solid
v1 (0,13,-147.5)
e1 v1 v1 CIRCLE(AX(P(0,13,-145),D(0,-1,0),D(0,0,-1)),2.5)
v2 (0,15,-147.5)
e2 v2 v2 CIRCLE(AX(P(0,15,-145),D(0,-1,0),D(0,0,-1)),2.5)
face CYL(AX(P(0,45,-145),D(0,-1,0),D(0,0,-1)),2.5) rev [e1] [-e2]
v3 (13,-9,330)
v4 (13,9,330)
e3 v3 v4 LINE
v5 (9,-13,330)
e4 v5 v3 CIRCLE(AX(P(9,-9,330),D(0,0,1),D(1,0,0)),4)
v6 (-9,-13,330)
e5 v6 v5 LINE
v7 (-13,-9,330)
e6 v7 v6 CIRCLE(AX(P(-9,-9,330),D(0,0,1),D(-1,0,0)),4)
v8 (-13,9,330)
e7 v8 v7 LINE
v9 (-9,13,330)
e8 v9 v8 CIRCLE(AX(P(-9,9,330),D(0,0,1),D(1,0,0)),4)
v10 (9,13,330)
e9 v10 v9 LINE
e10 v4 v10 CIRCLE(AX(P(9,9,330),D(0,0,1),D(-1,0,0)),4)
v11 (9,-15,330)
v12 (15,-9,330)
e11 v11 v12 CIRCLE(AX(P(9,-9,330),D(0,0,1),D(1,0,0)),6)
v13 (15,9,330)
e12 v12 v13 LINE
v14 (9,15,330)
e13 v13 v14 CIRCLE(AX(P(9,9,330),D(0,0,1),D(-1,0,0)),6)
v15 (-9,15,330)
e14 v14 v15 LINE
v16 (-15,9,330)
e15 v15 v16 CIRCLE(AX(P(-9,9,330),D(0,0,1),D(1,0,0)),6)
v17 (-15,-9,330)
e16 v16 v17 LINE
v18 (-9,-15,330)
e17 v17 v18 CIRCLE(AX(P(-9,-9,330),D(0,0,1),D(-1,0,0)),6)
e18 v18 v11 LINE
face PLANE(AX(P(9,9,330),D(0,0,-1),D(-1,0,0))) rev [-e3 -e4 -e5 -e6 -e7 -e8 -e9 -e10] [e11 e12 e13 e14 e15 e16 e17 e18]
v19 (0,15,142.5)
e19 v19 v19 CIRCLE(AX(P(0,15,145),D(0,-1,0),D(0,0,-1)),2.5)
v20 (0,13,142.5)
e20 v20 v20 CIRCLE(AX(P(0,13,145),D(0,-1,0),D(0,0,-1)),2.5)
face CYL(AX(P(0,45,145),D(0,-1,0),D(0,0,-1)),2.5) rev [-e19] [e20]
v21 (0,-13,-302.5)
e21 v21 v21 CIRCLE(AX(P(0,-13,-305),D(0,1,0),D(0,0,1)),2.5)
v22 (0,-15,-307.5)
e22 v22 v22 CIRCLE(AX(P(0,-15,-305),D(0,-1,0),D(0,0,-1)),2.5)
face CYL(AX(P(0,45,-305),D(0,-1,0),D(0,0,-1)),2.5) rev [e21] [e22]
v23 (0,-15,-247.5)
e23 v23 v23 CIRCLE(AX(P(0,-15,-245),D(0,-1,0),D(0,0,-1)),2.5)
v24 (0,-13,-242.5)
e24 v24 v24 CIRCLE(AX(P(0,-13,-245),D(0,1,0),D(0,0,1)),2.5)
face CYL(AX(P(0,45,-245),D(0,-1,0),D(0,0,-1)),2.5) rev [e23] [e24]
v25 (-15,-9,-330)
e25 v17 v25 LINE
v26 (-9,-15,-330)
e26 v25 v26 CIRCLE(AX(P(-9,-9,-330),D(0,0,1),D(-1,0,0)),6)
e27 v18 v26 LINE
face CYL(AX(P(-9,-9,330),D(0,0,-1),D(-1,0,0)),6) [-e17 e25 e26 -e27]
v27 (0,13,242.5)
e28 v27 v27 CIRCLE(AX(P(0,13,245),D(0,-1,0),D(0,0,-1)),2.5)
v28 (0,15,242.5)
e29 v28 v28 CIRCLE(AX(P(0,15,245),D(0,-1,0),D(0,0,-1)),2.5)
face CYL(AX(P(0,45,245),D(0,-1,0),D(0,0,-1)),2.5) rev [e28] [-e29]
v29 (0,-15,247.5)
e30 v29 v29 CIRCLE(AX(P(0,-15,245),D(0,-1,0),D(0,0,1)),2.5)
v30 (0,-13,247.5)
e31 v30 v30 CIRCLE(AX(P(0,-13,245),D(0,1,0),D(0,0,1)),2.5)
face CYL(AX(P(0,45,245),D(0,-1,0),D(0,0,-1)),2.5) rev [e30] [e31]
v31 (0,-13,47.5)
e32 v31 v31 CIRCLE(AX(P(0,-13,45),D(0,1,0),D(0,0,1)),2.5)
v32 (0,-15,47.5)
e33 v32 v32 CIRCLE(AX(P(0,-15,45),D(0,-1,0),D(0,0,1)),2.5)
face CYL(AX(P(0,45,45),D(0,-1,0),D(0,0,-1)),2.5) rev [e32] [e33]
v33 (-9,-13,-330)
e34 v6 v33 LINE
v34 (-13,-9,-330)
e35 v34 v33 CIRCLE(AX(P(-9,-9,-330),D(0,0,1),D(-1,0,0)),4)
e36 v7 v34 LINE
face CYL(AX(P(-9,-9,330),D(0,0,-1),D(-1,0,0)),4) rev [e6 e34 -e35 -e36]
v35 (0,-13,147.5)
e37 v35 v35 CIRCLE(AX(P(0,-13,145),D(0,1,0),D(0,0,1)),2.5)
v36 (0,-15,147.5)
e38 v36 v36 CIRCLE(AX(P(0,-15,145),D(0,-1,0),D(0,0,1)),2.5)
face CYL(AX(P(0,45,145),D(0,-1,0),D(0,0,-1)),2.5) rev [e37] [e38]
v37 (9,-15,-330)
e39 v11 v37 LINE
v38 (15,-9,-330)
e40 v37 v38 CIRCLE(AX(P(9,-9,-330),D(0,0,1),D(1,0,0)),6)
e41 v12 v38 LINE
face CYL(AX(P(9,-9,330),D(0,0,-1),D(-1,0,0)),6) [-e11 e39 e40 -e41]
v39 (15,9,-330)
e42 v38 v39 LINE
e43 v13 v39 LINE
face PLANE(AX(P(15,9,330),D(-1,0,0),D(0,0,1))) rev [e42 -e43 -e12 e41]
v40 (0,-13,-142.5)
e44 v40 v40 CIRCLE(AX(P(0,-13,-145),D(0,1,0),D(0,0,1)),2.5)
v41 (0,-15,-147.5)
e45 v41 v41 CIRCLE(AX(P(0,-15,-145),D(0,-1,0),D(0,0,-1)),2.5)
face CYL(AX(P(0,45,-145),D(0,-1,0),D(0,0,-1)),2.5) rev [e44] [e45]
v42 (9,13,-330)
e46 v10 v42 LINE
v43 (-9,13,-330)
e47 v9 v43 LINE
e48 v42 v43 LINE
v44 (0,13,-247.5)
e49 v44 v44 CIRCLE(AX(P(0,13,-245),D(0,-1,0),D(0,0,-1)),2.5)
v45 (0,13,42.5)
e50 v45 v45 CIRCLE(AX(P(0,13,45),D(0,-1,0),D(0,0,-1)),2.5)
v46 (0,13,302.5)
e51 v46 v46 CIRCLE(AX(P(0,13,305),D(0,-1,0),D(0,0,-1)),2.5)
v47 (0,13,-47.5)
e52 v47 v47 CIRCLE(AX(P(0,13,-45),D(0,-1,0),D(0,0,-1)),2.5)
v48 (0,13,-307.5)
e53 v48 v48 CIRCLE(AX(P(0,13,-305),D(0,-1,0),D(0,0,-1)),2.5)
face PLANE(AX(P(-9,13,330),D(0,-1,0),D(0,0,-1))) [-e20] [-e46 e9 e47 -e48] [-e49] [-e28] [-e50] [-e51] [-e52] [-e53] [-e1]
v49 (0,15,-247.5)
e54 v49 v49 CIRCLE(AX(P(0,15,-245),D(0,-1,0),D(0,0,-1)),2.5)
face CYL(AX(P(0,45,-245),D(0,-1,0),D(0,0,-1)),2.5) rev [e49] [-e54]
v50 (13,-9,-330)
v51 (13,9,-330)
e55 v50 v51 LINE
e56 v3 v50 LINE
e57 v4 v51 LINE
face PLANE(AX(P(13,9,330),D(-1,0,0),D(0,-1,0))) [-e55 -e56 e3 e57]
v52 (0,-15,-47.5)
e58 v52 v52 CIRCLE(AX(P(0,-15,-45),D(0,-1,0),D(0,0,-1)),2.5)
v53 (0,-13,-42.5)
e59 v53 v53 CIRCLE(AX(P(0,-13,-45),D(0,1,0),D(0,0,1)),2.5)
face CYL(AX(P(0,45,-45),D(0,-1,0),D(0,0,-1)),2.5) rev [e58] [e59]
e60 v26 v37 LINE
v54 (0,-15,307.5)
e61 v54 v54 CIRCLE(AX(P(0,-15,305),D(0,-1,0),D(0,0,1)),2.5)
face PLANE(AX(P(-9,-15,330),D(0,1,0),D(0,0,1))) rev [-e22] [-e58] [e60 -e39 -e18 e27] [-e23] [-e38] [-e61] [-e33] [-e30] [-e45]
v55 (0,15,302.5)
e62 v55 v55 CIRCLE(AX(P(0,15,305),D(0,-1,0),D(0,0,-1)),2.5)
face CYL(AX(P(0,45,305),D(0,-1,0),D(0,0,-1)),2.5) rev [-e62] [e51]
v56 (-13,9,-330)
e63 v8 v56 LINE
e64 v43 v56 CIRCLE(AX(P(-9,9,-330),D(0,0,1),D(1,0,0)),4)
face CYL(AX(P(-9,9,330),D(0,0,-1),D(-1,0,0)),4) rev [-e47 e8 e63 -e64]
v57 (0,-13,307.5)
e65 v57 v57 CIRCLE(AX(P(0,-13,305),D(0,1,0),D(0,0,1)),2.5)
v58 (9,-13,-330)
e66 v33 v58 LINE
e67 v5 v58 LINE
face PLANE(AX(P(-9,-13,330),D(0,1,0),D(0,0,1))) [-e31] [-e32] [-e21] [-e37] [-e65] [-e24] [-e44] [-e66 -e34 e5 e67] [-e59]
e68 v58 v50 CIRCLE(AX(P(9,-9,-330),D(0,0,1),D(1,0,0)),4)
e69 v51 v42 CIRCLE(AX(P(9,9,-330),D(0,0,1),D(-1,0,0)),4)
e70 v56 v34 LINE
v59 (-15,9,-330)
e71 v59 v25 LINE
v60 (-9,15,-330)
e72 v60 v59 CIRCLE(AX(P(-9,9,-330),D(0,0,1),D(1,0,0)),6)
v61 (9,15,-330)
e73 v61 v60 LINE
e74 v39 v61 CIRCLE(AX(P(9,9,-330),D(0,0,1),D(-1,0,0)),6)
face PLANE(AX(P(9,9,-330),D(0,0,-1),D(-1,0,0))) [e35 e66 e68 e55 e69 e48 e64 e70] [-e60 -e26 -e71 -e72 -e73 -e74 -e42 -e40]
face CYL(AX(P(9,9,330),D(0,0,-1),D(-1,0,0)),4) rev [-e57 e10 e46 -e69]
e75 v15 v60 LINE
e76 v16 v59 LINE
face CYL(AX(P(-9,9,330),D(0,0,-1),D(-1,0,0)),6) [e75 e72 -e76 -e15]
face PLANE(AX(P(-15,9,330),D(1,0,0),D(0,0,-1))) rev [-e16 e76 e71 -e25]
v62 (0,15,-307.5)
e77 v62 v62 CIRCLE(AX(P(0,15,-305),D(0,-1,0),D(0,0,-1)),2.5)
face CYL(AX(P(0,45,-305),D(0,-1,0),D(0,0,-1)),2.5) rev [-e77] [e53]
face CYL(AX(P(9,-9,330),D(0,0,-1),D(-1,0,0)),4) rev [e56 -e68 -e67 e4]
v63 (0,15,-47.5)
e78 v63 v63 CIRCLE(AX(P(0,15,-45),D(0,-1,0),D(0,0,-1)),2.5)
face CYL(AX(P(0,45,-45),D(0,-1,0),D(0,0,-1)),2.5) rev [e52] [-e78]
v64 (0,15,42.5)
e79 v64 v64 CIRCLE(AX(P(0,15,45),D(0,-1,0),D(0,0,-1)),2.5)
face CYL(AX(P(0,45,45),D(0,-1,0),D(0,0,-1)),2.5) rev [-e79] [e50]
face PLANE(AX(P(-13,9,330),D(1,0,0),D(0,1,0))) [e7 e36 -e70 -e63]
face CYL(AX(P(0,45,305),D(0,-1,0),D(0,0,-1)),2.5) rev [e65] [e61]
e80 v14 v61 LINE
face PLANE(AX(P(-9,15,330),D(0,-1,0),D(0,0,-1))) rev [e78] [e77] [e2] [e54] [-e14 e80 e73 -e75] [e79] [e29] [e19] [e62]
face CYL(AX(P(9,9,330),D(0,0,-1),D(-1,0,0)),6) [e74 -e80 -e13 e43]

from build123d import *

# Parameters (mm, degrees)
AUFSATZ_LINEAR_AUSTRAGEN1_DEPTH = 330
SKIZZE2_R                       = 2.5
SCHNITT_LINEAR_AUSTRAGEN1_DEPTH = 60


with BuildPart() as part:
    # Skizze1 → Aufsatz-Linear austragen1 (new, symmetric)
    with BuildSketch(Plane.XY):
        with BuildLine():
            Line((-9, 15), (9, 15))
            ThreePointArc((9, 15), (13.242640687, 13.242640687), (15, 9))
            Line((15, 9), (15, -9))
            ThreePointArc((15, -9), (13.242640687, -13.242640687), (9, -15))
            Line((9, -15), (-9, -15))
            ThreePointArc((-9, -15), (-13.242640687, -13.242640687), (-15, -9))
            Line((-15, -9), (-15, 9))
            ThreePointArc((-15, 9), (-13.242640687, 13.242640687), (-9, 15))
        make_face()
        with BuildLine():
            Line((-13, 9), (-13, -9))
            ThreePointArc((-13, -9), (-11.828427125, -11.828427125), (-9, -13))
            Line((-9, -13), (9, -13))
            ThreePointArc((9, -13), (11.828427125, -11.828427125), (13, -9))
            Line((13, -9), (13, 9))
            ThreePointArc((13, 9), (11.828427125, 11.828427125), (9, 13))
            Line((9, 13), (-9, 13))
            ThreePointArc((-9, 13), (-11.828427125, 11.828427125), (-13, 9))
        make_face(mode=Mode.SUBTRACT)
    extrude(amount=AUFSATZ_LINEAR_AUSTRAGEN1_DEPTH, both=True)

    # Skizze2 → Schnitt-Linear austragen1 (cut)
    with BuildSketch(Plane.XZ.offset(15)):
        with Locations(Location((0, -305, 0), (0, 0, 270))):
            Circle(SKIZZE2_R)
        with Locations(Location((0, -245, 0), (0, 0, 270))):
            Circle(SKIZZE2_R)
        with Locations(Location((0, -145, 0), (0, 0, 270))):
            Circle(SKIZZE2_R)
        with Locations(Location((0, -45, 0), (0, 0, 270))):
            Circle(SKIZZE2_R)
        with Locations(Location((0, 45, 0), (0, 0, 270))):
            Circle(SKIZZE2_R)
        with Locations(Location((0, 145, 0), (0, 0, 270))):
            Circle(SKIZZE2_R)
        with Locations(Location((0, 245, 0), (0, 0, 270))):
            Circle(SKIZZE2_R)
        with Locations(Location((0, 305, 0), (0, 0, 270))):
            Circle(SKIZZE2_R)
    extrude(amount=-SCHNITT_LINEAR_AUSTRAGEN1_DEPTH, mode=Mode.SUBTRACT)


solid = part.part
